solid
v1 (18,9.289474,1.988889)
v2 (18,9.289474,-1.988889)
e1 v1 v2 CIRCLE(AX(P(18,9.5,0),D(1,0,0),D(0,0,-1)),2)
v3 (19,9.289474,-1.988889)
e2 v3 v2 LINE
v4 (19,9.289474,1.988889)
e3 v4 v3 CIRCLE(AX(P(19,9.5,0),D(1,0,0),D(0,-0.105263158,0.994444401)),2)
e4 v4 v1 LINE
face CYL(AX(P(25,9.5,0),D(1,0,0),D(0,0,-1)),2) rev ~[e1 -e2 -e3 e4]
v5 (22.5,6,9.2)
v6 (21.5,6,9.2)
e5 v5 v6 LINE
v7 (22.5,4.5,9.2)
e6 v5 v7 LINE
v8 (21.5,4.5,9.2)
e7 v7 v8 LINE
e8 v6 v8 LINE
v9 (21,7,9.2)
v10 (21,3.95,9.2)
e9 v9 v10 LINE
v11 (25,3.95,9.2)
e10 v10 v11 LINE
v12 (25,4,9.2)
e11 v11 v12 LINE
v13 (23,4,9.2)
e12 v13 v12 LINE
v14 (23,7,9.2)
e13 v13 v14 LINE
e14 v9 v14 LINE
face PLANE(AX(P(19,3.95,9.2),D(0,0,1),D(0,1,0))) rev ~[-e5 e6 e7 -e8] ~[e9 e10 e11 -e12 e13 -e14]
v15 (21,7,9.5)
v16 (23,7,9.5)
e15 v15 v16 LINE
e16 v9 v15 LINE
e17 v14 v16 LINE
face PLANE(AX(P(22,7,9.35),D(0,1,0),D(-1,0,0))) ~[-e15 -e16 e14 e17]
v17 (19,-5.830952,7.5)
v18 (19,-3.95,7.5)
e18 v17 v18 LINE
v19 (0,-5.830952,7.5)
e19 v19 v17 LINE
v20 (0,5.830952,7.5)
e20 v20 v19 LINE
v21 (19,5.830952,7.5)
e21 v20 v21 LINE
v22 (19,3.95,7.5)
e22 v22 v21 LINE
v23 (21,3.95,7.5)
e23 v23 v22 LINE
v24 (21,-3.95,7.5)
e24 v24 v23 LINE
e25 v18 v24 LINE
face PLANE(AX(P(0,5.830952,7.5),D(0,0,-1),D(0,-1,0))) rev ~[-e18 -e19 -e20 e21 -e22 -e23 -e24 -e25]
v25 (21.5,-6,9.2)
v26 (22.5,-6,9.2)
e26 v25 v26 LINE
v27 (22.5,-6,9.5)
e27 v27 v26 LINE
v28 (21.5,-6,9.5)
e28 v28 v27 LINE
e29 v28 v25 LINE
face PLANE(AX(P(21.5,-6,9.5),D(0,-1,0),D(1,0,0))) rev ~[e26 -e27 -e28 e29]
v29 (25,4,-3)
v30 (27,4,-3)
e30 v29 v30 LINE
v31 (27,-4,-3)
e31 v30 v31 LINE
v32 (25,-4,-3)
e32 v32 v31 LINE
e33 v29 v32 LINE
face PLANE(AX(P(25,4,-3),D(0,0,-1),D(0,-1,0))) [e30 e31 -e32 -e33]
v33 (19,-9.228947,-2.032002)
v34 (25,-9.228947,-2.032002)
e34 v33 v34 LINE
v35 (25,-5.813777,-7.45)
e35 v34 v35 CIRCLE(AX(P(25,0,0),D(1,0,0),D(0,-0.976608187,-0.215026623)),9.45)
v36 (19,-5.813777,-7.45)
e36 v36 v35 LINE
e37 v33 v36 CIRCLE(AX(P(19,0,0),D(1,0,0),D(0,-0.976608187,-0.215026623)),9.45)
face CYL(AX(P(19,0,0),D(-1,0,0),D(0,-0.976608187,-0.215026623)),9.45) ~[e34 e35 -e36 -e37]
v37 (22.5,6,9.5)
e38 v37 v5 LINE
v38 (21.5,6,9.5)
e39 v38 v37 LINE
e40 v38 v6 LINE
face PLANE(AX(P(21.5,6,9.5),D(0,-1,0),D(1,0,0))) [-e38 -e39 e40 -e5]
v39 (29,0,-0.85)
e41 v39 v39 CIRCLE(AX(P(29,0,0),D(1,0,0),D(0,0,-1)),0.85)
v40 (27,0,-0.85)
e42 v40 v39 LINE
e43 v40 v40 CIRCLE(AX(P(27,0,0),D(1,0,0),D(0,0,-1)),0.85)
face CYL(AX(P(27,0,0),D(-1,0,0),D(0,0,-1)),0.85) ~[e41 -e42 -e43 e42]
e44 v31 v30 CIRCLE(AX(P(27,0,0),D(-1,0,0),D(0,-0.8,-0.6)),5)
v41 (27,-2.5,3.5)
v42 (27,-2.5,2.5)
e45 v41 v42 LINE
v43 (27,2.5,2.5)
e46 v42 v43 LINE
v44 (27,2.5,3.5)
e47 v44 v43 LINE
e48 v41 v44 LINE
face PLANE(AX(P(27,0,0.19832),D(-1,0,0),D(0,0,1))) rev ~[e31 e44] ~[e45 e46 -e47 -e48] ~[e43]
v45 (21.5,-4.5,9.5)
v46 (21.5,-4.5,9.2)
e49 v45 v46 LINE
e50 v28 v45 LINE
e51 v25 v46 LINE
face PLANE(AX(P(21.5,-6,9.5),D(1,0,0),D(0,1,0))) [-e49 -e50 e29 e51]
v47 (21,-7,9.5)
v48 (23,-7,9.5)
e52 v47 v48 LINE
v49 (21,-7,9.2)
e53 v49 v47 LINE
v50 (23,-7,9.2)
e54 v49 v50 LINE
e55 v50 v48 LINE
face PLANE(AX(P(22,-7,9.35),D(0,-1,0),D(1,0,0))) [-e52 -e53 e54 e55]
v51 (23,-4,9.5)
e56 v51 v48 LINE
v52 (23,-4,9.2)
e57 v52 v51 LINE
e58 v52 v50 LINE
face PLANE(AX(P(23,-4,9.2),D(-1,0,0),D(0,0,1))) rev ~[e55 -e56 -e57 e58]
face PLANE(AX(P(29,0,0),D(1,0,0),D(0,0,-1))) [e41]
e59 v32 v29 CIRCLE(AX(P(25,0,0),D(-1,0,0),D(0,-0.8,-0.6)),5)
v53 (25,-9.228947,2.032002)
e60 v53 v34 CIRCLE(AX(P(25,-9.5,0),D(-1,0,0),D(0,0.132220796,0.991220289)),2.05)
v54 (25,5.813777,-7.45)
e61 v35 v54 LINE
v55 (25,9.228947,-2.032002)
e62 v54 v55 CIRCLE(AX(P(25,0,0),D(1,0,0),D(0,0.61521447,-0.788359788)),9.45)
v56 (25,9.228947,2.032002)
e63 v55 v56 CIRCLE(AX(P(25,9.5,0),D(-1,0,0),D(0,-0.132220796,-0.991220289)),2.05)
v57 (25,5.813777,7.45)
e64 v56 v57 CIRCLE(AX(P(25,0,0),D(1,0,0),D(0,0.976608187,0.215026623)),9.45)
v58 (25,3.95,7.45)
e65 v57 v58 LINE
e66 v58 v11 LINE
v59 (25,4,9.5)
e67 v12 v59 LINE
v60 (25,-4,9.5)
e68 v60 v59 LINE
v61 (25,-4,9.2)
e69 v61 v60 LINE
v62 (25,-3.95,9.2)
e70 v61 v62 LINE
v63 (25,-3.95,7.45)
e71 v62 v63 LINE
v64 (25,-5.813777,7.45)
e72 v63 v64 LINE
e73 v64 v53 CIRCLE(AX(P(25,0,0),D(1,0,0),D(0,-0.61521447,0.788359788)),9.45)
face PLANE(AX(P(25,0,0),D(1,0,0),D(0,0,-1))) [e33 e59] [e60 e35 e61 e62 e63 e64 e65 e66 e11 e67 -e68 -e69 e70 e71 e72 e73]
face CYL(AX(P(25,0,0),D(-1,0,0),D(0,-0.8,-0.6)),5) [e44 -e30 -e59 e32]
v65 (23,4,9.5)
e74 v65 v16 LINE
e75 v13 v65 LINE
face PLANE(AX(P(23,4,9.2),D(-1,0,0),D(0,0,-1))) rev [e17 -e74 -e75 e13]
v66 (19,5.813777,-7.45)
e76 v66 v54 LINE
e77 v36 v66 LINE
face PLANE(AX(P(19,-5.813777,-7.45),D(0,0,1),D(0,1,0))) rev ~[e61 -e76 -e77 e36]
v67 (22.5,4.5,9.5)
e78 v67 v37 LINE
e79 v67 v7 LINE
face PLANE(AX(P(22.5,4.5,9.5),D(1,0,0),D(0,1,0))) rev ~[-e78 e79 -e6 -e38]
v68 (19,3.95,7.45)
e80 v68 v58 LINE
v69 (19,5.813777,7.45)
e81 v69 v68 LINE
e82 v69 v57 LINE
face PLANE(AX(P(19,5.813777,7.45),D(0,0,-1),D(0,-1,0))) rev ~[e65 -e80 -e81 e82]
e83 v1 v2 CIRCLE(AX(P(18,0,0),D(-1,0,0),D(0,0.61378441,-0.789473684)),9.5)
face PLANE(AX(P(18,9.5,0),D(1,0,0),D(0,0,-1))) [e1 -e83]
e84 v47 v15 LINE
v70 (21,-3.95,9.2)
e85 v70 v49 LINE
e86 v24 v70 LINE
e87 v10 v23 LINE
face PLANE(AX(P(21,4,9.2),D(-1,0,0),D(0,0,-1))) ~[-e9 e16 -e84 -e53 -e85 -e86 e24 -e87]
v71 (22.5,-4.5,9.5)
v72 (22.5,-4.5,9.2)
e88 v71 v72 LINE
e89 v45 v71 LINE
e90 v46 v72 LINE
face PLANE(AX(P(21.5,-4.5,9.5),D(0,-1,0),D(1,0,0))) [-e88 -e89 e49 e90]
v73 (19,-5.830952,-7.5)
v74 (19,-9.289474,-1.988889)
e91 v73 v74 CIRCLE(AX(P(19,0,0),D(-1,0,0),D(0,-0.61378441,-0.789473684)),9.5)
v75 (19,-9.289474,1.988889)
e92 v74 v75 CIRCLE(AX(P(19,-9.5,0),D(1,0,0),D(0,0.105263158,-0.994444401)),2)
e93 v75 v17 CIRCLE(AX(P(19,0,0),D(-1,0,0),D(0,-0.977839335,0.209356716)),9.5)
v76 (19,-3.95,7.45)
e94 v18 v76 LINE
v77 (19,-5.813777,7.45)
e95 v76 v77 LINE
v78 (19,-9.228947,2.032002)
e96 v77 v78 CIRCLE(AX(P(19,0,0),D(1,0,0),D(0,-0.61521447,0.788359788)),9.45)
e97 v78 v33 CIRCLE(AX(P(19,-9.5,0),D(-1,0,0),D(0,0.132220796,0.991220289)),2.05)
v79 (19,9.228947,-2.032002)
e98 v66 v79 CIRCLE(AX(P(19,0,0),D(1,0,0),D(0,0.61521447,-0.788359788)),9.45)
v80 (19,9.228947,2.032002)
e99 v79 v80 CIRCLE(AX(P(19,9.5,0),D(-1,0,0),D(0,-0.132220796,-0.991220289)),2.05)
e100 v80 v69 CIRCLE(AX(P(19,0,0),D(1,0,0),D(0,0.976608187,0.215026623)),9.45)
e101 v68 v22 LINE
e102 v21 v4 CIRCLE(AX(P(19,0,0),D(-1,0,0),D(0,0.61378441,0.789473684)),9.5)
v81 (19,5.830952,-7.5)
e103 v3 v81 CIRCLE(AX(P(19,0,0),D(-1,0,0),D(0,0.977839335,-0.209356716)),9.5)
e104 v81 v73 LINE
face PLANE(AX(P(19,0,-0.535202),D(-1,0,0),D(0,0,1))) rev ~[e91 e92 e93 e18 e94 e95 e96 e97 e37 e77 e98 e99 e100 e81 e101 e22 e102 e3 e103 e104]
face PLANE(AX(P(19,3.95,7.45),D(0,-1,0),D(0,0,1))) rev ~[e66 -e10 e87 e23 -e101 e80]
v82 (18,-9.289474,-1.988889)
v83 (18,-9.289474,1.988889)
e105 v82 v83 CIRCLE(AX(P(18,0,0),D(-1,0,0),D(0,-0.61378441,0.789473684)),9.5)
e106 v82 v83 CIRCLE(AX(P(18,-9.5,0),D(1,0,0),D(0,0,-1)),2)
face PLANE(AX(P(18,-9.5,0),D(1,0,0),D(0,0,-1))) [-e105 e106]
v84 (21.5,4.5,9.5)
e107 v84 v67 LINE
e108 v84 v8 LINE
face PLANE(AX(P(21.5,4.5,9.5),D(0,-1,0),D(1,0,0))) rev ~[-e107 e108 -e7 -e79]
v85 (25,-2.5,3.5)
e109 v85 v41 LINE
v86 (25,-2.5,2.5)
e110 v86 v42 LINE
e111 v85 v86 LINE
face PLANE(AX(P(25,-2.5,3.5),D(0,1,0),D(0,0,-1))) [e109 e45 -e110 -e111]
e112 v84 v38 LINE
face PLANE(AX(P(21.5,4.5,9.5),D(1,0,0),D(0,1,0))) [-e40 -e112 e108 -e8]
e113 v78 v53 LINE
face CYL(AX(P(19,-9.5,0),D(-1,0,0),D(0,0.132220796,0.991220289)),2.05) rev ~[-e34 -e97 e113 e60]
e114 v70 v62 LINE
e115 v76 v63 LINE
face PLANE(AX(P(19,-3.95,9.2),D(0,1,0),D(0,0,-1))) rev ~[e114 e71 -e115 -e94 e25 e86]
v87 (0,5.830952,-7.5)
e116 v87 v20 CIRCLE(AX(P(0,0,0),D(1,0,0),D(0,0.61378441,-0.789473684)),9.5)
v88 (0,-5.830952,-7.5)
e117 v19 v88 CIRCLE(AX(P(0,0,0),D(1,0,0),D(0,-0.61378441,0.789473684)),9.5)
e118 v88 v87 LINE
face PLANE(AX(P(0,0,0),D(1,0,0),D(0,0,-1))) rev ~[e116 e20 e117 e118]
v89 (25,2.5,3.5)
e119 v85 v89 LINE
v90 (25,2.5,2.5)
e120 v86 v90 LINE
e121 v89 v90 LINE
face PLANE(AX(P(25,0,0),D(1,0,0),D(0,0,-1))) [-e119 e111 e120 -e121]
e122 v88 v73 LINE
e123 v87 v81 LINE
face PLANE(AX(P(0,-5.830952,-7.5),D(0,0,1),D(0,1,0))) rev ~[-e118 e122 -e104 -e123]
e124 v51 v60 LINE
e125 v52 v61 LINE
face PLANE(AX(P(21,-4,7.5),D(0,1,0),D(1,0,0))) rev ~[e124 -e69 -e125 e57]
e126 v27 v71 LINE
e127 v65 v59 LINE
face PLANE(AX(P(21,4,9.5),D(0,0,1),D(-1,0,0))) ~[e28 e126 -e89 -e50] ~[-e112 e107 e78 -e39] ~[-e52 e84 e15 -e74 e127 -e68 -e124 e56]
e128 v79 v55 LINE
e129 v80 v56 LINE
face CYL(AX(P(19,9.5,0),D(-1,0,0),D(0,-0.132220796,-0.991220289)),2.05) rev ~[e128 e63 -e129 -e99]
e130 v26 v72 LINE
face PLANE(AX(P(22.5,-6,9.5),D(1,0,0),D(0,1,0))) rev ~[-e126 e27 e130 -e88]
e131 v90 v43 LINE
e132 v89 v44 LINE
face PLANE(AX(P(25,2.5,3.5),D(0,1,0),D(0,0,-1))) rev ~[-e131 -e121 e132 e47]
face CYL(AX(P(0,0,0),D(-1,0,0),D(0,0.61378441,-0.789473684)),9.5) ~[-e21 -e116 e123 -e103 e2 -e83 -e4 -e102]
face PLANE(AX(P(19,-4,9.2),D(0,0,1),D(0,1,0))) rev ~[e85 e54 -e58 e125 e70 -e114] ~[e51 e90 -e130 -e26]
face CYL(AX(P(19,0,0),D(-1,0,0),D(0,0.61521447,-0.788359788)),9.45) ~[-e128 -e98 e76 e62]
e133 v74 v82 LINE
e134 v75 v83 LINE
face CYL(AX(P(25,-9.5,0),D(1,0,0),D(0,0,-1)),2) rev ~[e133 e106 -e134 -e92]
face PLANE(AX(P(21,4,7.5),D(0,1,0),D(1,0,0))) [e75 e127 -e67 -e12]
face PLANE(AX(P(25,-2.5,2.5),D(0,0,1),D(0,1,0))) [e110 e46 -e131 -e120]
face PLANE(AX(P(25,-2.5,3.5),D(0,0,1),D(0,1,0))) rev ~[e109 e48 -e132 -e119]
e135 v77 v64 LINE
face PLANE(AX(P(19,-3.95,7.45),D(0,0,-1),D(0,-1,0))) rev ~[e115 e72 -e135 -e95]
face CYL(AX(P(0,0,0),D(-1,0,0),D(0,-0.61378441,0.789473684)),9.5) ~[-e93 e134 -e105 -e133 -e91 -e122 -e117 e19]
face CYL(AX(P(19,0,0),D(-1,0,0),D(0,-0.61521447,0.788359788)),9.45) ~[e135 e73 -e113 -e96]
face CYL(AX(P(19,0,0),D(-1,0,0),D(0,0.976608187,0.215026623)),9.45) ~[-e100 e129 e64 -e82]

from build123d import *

# Parameters (mm, degrees)
BOSS_EXTRUDE1_DEPTH = 25
SKETCH2_R           = 2
CUT_EXTRUDE1_DEPTH  = 7
SKETCH3_W           = 1
SKETCH3_H           = 5
BOSS_EXTRUDE2_DEPTH = 2
SKETCH4_R           = 0.85
BOSS_EXTRUDE3_DEPTH = 2
SKETCH5_W           = 4
SKETCH5_H           = 8
BOSS_EXTRUDE4_DEPTH = 2
SKETCH6_W           = 2
SKETCH6_H           = 0.3
BOSS_EXTRUDE5_DEPTH = 3
SKETCH7_W           = 1
SKETCH7_H           = 1.5
CUT_EXTRUDE2_DEPTH  = 1
CUT_EXTRUDE3_START  = -6
CUT_EXTRUDE3_DEPTH  = 6


with BuildPart() as part:
    # Sketch1 → Boss-Extrude1 (new body)
    with BuildSketch(Plane(origin=(0, 0, 0), x_dir=(0, 0, -1), z_dir=(1, 0, 0))):
        with BuildLine():
            Line((-7.5, 5.830951895), (-7.5, -5.830951895))
            ThreePointArc((-7.5, -5.830951895), (0, -9.5), (7.5, -5.830951895))
            Line((7.5, -5.830951895), (7.5, 5.830951895))
            ThreePointArc((7.5, 5.830951895), (0, 9.5), (-7.5, 5.830951895))
        make_face()
    extrude(amount=BOSS_EXTRUDE1_DEPTH)

    # Sketch2 → Cut-Extrude1 (cut)
    with BuildSketch(Plane(origin=(25, 0, 0), x_dir=(0, 0, -1), z_dir=(1, 0, 0))):
        with Locations((0, 9.5)):
            Circle(SKETCH2_R)
        with Locations((0, -9.5)):
            Circle(SKETCH2_R)
    extrude(amount=-CUT_EXTRUDE1_DEPTH, mode=Mode.SUBTRACT)

    # Sketch3 → Boss-Extrude2 (add)
    with BuildSketch(Plane(origin=(25, 0, 0), x_dir=(0, 0, -1), z_dir=(1, 0, 0))):
        with BuildLine():
            Line((3, 4), (3, -4))
            ThreePointArc((3, -4), (-5, 0), (3, 4))
        make_face()
        with Locations((-3, 0)):
            Rectangle(SKETCH3_W, SKETCH3_H, mode=Mode.SUBTRACT)
    extrude(amount=BOSS_EXTRUDE2_DEPTH)

    # Sketch4 → Boss-Extrude3 (add)
    with BuildSketch(Plane(origin=(27, 0, 0), x_dir=(0, 0, -1), z_dir=(1, 0, 0))):
        Circle(SKETCH4_R)
    extrude(amount=BOSS_EXTRUDE3_DEPTH)

    # Sketch5 → Boss-Extrude4 (add)
    with BuildSketch(Plane.XY.offset(7.5)):
        with Locations((23, 0)):
            Rectangle(SKETCH5_W, SKETCH5_H)
    extrude(amount=BOSS_EXTRUDE4_DEPTH)

    # Sketch6 → Boss-Extrude5 (add)
    with BuildSketch(Plane.XZ.offset(4)):
        with Locations((22, 9.35)):
            Rectangle(SKETCH6_W, SKETCH6_H)
    boss_extrude5 = extrude(amount=BOSS_EXTRUDE5_DEPTH)

    # Mirror1: Boss-Extrude5 across plane
    add(boss_extrude5.mirror(Plane.ZX))

    # Sketch7 → Cut-Extrude2 (cut)
    with BuildSketch(Plane.XY.offset(9.5)):
        with Locations((22, -5.25)):
            Rectangle(SKETCH7_W, SKETCH7_H)
        with Locations((22, 5.25)):
            Rectangle(SKETCH7_W, SKETCH7_H)
    extrude(amount=-CUT_EXTRUDE2_DEPTH, mode=Mode.SUBTRACT)

    # Sketch8 → Cut-Extrude3 (cut)
    with BuildSketch(Plane(origin=(25, 0, 0), x_dir=(0, 0, -1), z_dir=(1, 0, 0)).offset(CUT_EXTRUDE3_START)):
        with BuildLine():
            Line((-7.45, 5.813776741), (-7.45, 3.95))
            Line((-7.45, 3.95), (-9.2, 3.95))
            Line((-9.2, 3.95), (-9.2, 4))
            Line((-9.2, 4), (-7.5, 4))
            Line((-7.5, 4), (-7.5, 5.830951895))
            ThreePointArc((-7.5, 5.830951895), (-5.049761967, 8.04673251), (-1.988888803, 9.289473684))
            ThreePointArc((-1.988888803, 9.289473684), (0, 7.5), (1.988888803, 9.289473684))
            ThreePointArc((1.988888803, 9.289473684), (5.049761967, 8.04673251), (7.5, 5.830951895))
            Line((7.5, 5.830951895), (7.5, -5.830951895))
            ThreePointArc((7.5, -5.830951895), (5.049761967, -8.04673251), (1.988888803, -9.289473684))
            ThreePointArc((1.988888803, -9.289473684), (0, -7.5), (-1.988888803, -9.289473684))
            ThreePointArc((-1.988888803, -9.289473684), (-5.049761967, -8.04673251), (-7.5, -5.830951895))
            Line((-7.5, -5.830951895), (-7.5, -4))
            Line((-7.5, -4), (-9.2, -4))
            Line((-9.2, -4), (-9.2, -3.95))
            Line((-9.2, -3.95), (-7.45, -3.95))
            Line((-7.45, -3.95), (-7.45, -5.813776741))
            ThreePointArc((-7.45, -5.813776741), (-5.039140418, -7.994345742), (-2.032001592, -9.228947368))
            ThreePointArc((-2.032001592, -9.228947368), (0, -7.45), (2.032001592, -9.228947368))
            ThreePointArc((2.032001592, -9.228947368), (5.039140418, -7.994345742), (7.45, -5.813776741))
            Line((7.45, -5.813776741), (7.45, 5.813776741))
            ThreePointArc((7.45, 5.813776741), (5.039140418, 7.994345742), (2.032001592, 9.228947368))
            ThreePointArc((2.032001592, 9.228947368), (0, 7.45), (-2.032001592, 9.228947368))
            ThreePointArc((-2.032001592, 9.228947368), (-5.039140418, 7.994345742), (-7.45, 5.813776741))
        make_face()
    extrude(amount=CUT_EXTRUDE3_DEPTH, mode=Mode.SUBTRACT)


solid = part.part
